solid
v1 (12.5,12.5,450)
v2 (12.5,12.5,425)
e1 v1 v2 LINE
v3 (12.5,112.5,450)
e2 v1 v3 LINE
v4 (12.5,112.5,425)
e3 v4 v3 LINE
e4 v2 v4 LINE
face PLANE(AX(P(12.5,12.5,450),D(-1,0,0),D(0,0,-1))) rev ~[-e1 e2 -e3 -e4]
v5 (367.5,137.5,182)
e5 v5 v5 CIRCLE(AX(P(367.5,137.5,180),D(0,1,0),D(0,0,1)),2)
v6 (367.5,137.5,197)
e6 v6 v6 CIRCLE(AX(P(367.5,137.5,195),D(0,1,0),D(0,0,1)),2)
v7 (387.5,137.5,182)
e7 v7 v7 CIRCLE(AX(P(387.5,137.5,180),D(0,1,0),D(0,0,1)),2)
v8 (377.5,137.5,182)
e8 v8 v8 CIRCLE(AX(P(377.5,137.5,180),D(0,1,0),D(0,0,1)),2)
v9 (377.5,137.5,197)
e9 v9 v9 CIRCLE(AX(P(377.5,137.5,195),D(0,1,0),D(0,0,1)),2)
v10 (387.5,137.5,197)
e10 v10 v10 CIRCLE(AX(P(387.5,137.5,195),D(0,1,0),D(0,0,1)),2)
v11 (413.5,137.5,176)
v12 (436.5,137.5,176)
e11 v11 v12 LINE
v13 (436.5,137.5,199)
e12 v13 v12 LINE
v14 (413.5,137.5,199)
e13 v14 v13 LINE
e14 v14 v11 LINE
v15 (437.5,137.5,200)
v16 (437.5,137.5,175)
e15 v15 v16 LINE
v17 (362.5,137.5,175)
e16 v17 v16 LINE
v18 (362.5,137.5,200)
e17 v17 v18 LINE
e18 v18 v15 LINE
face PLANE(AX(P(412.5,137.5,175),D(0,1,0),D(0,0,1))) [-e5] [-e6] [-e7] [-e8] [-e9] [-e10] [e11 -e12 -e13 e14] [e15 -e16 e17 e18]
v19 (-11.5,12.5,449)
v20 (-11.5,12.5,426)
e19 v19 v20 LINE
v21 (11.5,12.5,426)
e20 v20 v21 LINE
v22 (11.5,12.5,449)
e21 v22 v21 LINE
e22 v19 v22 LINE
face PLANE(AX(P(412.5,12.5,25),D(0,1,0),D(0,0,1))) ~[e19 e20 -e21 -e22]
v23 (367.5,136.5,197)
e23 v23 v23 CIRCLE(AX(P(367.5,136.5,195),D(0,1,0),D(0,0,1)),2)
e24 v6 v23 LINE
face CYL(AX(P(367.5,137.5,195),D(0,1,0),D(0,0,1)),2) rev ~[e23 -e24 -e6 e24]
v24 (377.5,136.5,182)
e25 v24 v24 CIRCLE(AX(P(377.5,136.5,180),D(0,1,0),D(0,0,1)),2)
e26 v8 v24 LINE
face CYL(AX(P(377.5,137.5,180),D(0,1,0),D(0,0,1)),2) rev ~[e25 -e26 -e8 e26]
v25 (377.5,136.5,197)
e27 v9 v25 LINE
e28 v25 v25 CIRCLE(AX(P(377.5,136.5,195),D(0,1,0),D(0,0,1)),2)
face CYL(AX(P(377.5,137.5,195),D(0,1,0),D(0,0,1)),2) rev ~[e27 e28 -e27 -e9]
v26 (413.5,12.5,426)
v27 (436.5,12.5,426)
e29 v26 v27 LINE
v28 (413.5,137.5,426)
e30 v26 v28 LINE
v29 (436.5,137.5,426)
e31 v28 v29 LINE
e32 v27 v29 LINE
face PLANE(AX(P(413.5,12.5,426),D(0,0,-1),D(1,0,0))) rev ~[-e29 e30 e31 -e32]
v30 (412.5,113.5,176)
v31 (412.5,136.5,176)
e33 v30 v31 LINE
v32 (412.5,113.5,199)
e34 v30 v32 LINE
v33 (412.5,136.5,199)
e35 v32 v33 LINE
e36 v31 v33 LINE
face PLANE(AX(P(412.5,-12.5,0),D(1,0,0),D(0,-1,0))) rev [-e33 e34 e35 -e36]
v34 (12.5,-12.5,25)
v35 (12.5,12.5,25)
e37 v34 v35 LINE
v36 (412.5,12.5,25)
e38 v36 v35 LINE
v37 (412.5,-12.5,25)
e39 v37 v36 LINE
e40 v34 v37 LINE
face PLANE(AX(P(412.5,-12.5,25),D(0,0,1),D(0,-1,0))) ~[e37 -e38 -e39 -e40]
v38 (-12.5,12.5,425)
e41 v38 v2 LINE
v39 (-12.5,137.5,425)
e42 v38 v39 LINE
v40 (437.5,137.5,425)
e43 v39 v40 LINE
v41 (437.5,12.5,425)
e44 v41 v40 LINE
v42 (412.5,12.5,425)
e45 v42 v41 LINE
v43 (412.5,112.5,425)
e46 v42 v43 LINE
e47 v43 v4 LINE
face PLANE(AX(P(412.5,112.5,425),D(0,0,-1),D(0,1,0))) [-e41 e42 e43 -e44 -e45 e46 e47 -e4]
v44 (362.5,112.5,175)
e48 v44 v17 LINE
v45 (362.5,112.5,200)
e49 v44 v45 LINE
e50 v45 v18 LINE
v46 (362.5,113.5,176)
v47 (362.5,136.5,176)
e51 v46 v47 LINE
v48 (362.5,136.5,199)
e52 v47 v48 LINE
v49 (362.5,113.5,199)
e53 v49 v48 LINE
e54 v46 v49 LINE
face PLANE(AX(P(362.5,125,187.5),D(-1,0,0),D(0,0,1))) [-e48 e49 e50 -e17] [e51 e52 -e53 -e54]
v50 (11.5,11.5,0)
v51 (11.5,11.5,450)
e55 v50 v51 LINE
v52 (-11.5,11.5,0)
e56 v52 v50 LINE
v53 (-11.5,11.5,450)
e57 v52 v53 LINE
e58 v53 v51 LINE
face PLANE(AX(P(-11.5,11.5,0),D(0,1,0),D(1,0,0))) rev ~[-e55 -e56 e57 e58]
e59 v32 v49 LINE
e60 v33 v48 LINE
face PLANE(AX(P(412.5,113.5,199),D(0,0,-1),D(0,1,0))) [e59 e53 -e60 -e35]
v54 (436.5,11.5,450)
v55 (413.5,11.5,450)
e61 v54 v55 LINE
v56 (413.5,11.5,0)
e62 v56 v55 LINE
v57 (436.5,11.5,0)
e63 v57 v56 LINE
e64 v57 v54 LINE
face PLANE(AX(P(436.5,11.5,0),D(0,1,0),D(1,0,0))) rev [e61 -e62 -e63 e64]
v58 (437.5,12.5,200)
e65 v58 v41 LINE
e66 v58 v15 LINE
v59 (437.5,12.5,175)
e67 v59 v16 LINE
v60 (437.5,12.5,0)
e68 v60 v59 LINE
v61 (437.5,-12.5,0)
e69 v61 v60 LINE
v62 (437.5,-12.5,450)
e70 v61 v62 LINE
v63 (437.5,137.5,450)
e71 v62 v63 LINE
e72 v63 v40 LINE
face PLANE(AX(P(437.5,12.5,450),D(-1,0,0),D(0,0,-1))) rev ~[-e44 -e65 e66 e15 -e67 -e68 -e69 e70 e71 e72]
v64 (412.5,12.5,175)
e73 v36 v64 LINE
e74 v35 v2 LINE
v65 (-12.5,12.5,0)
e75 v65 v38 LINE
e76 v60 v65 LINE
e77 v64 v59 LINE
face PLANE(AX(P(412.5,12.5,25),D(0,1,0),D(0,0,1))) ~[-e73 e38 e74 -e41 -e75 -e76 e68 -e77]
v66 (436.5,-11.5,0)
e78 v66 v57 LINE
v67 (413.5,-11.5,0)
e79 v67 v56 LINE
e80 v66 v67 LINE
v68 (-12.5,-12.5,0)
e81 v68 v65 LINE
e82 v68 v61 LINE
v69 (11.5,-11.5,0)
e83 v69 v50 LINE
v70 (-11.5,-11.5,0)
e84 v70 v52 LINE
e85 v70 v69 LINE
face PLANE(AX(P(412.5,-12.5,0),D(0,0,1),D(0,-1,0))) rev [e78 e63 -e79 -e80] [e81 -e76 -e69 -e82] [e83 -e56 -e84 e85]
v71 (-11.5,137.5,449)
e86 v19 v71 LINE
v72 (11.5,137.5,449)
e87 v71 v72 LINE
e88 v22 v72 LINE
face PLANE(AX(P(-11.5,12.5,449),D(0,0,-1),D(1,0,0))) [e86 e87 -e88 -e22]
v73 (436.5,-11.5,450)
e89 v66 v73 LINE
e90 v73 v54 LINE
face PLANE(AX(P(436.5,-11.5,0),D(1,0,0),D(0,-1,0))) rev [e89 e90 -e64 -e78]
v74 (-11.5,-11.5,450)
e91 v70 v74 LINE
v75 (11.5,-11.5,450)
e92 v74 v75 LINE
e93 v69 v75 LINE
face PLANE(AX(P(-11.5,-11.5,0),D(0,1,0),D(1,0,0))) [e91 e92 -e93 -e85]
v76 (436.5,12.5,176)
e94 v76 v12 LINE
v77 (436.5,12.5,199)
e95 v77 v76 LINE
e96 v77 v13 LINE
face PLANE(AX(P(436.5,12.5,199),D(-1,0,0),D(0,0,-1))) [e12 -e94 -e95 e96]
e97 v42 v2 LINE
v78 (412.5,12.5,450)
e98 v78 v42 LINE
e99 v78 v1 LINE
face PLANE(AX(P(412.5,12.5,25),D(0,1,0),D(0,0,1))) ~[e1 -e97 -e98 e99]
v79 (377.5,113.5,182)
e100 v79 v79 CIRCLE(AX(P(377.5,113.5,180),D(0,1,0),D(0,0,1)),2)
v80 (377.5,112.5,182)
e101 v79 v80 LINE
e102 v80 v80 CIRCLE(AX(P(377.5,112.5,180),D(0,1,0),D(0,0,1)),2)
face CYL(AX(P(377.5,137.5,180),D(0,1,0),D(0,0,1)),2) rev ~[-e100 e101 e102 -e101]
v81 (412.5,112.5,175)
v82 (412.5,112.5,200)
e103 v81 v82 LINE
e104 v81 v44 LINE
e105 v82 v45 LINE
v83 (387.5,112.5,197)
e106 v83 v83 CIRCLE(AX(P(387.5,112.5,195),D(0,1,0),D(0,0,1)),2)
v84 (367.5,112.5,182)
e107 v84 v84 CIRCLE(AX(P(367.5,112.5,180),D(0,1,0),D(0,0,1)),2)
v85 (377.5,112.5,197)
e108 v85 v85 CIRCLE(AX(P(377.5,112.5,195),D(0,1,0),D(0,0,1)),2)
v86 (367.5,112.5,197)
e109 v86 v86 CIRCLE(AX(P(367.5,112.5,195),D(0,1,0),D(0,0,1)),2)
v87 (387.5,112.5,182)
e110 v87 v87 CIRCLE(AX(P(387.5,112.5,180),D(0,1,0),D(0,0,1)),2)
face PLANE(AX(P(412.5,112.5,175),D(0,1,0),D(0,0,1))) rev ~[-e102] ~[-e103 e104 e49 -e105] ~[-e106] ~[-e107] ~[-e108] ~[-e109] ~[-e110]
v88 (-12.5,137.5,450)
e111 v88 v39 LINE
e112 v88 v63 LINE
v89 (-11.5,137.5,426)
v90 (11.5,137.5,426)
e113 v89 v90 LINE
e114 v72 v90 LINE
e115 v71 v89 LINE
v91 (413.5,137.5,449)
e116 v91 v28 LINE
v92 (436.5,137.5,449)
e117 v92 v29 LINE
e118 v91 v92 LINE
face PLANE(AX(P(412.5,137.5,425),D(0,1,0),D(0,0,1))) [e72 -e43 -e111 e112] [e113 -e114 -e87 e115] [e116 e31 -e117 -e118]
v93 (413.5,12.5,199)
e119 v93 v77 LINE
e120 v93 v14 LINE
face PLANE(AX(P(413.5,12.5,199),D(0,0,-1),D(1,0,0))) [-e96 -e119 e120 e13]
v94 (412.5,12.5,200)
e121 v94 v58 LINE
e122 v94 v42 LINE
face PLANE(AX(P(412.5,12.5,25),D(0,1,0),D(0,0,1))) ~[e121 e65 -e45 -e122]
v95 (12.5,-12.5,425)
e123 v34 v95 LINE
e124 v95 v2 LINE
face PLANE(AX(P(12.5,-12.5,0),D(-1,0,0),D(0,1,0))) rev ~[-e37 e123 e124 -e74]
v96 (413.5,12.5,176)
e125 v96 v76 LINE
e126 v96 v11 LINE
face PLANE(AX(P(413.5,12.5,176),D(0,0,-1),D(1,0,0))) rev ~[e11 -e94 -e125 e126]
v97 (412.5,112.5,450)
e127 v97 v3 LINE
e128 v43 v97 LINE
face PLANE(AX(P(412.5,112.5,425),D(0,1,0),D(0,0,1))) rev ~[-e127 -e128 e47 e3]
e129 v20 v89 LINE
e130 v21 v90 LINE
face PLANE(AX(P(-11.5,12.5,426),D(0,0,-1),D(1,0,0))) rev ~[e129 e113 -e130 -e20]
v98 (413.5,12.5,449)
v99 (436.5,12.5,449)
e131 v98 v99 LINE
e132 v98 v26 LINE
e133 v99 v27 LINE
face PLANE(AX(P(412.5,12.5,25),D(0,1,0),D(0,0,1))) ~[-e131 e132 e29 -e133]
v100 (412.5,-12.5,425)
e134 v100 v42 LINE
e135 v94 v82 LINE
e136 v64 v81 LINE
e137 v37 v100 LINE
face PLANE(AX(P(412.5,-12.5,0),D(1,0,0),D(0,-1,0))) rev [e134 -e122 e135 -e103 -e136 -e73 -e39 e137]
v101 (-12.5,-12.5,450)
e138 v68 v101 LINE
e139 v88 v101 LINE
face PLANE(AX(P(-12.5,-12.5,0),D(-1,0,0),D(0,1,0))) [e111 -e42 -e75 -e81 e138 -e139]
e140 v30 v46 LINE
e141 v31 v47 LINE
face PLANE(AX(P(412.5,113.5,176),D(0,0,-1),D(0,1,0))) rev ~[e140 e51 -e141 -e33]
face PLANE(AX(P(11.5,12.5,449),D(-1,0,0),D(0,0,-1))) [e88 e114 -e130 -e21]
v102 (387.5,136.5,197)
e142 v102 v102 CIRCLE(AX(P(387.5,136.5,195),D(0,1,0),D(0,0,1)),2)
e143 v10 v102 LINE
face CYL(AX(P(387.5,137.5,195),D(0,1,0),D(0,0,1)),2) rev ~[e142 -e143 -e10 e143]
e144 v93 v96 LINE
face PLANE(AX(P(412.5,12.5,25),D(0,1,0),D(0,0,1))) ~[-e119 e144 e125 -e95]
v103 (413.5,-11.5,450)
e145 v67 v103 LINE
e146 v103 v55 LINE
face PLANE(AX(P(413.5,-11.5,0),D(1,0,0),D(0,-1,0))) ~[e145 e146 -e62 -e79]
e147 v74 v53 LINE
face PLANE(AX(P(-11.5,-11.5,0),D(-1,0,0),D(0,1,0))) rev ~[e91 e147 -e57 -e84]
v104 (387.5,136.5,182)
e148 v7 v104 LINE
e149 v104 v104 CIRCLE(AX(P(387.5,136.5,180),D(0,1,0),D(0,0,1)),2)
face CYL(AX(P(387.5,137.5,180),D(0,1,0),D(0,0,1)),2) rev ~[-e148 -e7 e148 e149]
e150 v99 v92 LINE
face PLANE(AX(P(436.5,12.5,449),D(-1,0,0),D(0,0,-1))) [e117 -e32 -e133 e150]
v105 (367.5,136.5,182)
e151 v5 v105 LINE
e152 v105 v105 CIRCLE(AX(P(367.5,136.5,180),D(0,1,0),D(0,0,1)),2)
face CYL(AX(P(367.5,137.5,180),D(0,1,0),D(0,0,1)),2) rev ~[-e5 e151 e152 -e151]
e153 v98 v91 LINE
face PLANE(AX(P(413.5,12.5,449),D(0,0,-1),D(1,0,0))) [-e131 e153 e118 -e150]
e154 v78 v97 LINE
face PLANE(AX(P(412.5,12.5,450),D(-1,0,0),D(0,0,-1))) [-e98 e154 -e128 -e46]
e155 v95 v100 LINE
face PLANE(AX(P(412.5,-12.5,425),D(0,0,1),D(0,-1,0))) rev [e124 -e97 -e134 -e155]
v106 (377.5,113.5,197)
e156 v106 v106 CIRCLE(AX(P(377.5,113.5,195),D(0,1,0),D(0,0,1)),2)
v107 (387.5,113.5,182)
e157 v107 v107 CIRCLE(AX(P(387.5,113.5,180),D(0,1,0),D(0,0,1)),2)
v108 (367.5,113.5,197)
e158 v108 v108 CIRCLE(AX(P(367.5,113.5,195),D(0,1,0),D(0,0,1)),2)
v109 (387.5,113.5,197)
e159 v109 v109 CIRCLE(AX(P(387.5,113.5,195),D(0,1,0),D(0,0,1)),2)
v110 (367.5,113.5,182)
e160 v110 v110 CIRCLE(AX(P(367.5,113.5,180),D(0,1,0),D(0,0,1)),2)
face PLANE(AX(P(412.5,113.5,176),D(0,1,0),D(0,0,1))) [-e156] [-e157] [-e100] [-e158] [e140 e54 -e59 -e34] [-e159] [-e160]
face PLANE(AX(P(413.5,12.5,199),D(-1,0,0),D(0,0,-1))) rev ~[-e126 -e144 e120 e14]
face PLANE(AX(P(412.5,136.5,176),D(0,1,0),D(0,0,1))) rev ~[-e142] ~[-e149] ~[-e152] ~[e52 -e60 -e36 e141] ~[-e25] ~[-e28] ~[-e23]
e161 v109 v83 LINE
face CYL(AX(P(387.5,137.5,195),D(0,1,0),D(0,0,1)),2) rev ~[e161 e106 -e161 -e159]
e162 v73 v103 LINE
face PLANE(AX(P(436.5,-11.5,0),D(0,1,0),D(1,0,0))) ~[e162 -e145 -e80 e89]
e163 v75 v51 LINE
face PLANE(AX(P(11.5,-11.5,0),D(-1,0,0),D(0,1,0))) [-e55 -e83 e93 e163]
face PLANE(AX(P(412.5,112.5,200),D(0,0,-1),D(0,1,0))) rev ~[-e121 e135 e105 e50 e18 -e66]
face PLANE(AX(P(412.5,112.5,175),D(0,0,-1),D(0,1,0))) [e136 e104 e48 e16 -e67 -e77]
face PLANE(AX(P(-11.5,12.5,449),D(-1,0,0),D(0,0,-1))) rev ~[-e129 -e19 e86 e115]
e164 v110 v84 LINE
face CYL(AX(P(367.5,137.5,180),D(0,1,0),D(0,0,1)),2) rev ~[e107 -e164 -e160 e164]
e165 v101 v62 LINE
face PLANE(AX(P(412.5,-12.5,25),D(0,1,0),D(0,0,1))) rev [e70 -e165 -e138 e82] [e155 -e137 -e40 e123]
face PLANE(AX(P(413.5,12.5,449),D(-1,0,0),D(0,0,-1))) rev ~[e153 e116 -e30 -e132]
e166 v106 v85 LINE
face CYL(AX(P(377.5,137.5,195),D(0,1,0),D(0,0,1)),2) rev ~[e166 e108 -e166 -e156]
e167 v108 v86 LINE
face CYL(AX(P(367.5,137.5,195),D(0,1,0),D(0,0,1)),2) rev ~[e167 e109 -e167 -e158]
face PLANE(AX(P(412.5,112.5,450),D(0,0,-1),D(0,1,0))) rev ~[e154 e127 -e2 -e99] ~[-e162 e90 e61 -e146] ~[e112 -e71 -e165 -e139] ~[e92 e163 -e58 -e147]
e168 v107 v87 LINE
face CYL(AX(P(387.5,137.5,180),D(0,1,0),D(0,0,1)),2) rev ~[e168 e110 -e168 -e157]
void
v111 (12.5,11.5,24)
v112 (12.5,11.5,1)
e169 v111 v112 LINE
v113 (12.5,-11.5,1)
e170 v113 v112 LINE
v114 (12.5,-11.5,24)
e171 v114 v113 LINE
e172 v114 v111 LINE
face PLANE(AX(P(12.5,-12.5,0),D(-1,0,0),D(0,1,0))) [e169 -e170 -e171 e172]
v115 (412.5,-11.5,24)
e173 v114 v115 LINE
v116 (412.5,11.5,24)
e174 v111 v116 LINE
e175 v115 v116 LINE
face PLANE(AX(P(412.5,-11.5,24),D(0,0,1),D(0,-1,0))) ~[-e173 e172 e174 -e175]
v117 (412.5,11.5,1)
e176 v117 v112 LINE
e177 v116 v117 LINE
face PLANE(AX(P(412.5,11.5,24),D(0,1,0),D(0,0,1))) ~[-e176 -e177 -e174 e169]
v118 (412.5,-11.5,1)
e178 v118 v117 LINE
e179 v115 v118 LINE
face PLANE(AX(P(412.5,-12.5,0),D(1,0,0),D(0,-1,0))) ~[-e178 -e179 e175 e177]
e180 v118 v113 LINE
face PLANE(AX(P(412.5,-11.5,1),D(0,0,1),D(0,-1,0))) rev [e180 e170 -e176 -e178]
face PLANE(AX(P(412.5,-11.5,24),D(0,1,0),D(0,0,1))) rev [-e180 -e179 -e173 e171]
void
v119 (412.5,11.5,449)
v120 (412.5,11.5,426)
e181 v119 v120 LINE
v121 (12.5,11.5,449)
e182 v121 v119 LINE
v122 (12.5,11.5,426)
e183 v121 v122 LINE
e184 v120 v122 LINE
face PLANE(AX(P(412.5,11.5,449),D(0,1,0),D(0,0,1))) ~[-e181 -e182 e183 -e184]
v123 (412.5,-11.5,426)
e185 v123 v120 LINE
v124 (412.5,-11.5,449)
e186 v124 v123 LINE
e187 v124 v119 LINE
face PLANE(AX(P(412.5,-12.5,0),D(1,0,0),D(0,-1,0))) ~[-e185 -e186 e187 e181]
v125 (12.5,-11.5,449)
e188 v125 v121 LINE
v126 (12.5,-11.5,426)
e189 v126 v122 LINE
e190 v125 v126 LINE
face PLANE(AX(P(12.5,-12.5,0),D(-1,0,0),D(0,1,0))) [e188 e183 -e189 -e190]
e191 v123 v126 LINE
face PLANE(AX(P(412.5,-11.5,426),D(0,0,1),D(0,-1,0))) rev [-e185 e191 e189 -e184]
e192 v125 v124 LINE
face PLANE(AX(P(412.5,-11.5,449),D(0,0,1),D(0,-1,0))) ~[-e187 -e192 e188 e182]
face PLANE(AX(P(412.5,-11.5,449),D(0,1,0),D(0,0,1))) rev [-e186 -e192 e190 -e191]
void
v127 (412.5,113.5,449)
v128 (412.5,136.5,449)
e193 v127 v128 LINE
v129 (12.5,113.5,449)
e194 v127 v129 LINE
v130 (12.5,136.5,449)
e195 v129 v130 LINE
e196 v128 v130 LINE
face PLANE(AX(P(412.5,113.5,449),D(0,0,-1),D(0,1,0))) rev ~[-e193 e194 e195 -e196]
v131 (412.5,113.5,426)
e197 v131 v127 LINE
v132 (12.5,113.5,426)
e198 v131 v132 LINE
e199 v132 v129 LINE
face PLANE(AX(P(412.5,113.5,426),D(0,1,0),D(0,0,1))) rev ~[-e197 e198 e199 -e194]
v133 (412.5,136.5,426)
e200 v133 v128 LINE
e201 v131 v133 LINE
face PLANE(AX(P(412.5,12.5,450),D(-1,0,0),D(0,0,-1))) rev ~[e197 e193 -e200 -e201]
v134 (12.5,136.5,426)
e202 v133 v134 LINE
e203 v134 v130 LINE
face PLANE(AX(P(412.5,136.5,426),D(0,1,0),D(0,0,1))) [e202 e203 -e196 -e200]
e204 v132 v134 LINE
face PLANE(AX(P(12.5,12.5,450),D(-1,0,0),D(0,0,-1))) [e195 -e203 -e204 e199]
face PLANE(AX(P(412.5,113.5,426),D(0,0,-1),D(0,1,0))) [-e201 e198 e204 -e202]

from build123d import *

# Parameters (mm, degrees)
SKETCH1_W           = 25
SKETCH1_H           = 25
SKETCH1_W_2         = 23
SKETCH1_H_2         = 23
BOSS_EXTRUDE1_DEPTH = 450
SKETCH2_W           = 25
SKETCH2_H           = 25
SKETCH2_W_2         = 23
SKETCH2_H_2         = 23
BOSS_EXTRUDE2_DEPTH = 200
SKETCH3_W           = 25
SKETCH3_H           = 25
SKETCH3_W_2         = 23
SKETCH3_H_2         = 23
BOSS_EXTRUDE3_DEPTH = 200
SKETCH4_W           = 25
SKETCH4_H           = 25
SKETCH4_W_2         = 23
SKETCH4_H_2         = 23
BOSS_EXTRUDE4_DEPTH = 125
SKETCH5_W           = 25
SKETCH5_H           = 25
SKETCH5_W_2         = 23
SKETCH5_H_2         = 23
BOSS_EXTRUDE5_DEPTH = 50
SKETCH6_R           = 2
CUT_EXTRUDE1_DEPTH  = 25
SKETCH7_W           = 25
SKETCH7_H           = 25
SKETCH7_W_2         = 23
SKETCH7_H_2         = 23
BOSS_EXTRUDE6_DEPTH = 125
SKETCH8_W           = 25
SKETCH8_H           = 25
SKETCH8_W_2         = 23
SKETCH8_H_2         = 23
BOSS_EXTRUDE7_DEPTH = 400


with BuildPart() as part:
    # Sketch1 → Boss-Extrude1 (new body)
    with BuildSketch(Plane.XY):
        Rectangle(SKETCH1_W, SKETCH1_H)
        Rectangle(SKETCH1_W_2, SKETCH1_H_2, mode=Mode.SUBTRACT)
    boss_extrude1 = extrude(amount=BOSS_EXTRUDE1_DEPTH)

    # Sketch2 → Boss-Extrude2 (add)
    with BuildSketch(Plane(origin=(12.5, 0, 0), x_dir=(0, 0, -1), z_dir=(1, 0, 0))):
        with Locations((-437.5, 0)):
            Rectangle(SKETCH2_W, SKETCH2_H)
        with Locations((-437.5, 0)):
            Rectangle(SKETCH2_W_2, SKETCH2_H_2, mode=Mode.SUBTRACT)
    boss_extrude2 = extrude(amount=BOSS_EXTRUDE2_DEPTH)

    # Sketch3 → Boss-Extrude3 (add)
    with BuildSketch(Plane(origin=(12.5, 0, 0), x_dir=(0, 0, -1), z_dir=(1, 0, 0))):
        with Locations((-12.5, 0)):
            Rectangle(SKETCH3_W, SKETCH3_H)
        with Locations((-12.5, 0)):
            Rectangle(SKETCH3_W_2, SKETCH3_H_2, mode=Mode.SUBTRACT)
    boss_extrude3 = extrude(amount=BOSS_EXTRUDE3_DEPTH)

    # Mirror1: Boss-Extrude1, Boss-Extrude2, Boss-Extrude3 across plane
    add(boss_extrude1.mirror(Plane(origin=(212.5, 0, 0), x_dir=(0, 0, 1), z_dir=(1, 0, 0))))
    add(boss_extrude2.mirror(Plane(origin=(212.5, 0, 0), x_dir=(0, 0, 1), z_dir=(1, 0, 0))))
    add(boss_extrude3.mirror(Plane(origin=(212.5, 0, 0), x_dir=(0, 0, 1), z_dir=(1, 0, 0))))

    # Sketch4 → Boss-Extrude4 (add)
    with BuildSketch(Plane(origin=(0, 12.5, 0), x_dir=(1, 0, 0), z_dir=(0, 1, 0))):
        with Locations((425, -187.5)):
            Rectangle(SKETCH4_W, SKETCH4_H)
        with Locations((425, -187.5)):
            Rectangle(SKETCH4_W_2, SKETCH4_H_2, mode=Mode.SUBTRACT)
    extrude(amount=BOSS_EXTRUDE4_DEPTH)

    # Sketch5 → Boss-Extrude5 (add)
    with BuildSketch(Plane.ZY.offset(-412.5)):
        with Locations((187.5, 125)):
            Rectangle(SKETCH5_W, SKETCH5_H)
        with Locations((187.5, 125)):
            Rectangle(SKETCH5_W_2, SKETCH5_H_2, mode=Mode.SUBTRACT)
    extrude(amount=BOSS_EXTRUDE5_DEPTH)

    # Sketch6 → Cut-Extrude1 (cut)
    with BuildSketch(Plane(origin=(0, 137.5, 0), x_dir=(1, 0, 0), z_dir=(0, 1, 0))):
        with Locations(Location((367.5, -180, 0), (0, 0, 270))):
            Circle(SKETCH6_R)
        with Locations(Location((367.5, -195, 0), (0, 0, 270))):
            Circle(SKETCH6_R)
        with Locations(Location((377.5, -180, 0), (0, 0, 270))):
            Circle(SKETCH6_R)
        with Locations(Location((377.5, -195, 0), (0, 0, 270))):
            Circle(SKETCH6_R)
        with Locations(Location((387.5, -180, 0), (0, 0, 270))):
            Circle(SKETCH6_R)
        with Locations(Location((387.5, -195, 0), (0, 0, 270))):
            Circle(SKETCH6_R)
    extrude(amount=-CUT_EXTRUDE1_DEPTH, mode=Mode.SUBTRACT)

    # Sketch7 → Boss-Extrude6 (add)
    # profile 1 of 2: a face of its own
    with BuildSketch(Plane(origin=(0, 12.5, 0), x_dir=(1, 0, 0), z_dir=(0, 1, 0))):
        with Locations((425, -437.5)):
            Rectangle(SKETCH7_W, SKETCH7_H)
        with Locations((425, -437.5)):
            Rectangle(SKETCH7_W_2, SKETCH7_H_2, mode=Mode.SUBTRACT)
    # profile 2 of 2: a face of its own
    with BuildSketch(Plane(origin=(0, 12.5, 0), x_dir=(1, 0, 0), z_dir=(0, 1, 0))):
        with Locations((0, -437.5)):
            Rectangle(SKETCH7_W, SKETCH7_H)
        with Locations((0, -437.5)):
            Rectangle(SKETCH7_W_2, SKETCH7_H_2, mode=Mode.SUBTRACT)
    extrude(amount=BOSS_EXTRUDE6_DEPTH)

    # Sketch8 → Boss-Extrude7 (add)
    with BuildSketch(Plane.ZY.offset(-412.5)):
        with Locations((437.5, 125)):
            Rectangle(SKETCH8_W, SKETCH8_H)
        with Locations((437.5, 125)):
            Rectangle(SKETCH8_W_2, SKETCH8_H_2, mode=Mode.SUBTRACT)
    extrude(amount=BOSS_EXTRUDE7_DEPTH)


solid = part.part
